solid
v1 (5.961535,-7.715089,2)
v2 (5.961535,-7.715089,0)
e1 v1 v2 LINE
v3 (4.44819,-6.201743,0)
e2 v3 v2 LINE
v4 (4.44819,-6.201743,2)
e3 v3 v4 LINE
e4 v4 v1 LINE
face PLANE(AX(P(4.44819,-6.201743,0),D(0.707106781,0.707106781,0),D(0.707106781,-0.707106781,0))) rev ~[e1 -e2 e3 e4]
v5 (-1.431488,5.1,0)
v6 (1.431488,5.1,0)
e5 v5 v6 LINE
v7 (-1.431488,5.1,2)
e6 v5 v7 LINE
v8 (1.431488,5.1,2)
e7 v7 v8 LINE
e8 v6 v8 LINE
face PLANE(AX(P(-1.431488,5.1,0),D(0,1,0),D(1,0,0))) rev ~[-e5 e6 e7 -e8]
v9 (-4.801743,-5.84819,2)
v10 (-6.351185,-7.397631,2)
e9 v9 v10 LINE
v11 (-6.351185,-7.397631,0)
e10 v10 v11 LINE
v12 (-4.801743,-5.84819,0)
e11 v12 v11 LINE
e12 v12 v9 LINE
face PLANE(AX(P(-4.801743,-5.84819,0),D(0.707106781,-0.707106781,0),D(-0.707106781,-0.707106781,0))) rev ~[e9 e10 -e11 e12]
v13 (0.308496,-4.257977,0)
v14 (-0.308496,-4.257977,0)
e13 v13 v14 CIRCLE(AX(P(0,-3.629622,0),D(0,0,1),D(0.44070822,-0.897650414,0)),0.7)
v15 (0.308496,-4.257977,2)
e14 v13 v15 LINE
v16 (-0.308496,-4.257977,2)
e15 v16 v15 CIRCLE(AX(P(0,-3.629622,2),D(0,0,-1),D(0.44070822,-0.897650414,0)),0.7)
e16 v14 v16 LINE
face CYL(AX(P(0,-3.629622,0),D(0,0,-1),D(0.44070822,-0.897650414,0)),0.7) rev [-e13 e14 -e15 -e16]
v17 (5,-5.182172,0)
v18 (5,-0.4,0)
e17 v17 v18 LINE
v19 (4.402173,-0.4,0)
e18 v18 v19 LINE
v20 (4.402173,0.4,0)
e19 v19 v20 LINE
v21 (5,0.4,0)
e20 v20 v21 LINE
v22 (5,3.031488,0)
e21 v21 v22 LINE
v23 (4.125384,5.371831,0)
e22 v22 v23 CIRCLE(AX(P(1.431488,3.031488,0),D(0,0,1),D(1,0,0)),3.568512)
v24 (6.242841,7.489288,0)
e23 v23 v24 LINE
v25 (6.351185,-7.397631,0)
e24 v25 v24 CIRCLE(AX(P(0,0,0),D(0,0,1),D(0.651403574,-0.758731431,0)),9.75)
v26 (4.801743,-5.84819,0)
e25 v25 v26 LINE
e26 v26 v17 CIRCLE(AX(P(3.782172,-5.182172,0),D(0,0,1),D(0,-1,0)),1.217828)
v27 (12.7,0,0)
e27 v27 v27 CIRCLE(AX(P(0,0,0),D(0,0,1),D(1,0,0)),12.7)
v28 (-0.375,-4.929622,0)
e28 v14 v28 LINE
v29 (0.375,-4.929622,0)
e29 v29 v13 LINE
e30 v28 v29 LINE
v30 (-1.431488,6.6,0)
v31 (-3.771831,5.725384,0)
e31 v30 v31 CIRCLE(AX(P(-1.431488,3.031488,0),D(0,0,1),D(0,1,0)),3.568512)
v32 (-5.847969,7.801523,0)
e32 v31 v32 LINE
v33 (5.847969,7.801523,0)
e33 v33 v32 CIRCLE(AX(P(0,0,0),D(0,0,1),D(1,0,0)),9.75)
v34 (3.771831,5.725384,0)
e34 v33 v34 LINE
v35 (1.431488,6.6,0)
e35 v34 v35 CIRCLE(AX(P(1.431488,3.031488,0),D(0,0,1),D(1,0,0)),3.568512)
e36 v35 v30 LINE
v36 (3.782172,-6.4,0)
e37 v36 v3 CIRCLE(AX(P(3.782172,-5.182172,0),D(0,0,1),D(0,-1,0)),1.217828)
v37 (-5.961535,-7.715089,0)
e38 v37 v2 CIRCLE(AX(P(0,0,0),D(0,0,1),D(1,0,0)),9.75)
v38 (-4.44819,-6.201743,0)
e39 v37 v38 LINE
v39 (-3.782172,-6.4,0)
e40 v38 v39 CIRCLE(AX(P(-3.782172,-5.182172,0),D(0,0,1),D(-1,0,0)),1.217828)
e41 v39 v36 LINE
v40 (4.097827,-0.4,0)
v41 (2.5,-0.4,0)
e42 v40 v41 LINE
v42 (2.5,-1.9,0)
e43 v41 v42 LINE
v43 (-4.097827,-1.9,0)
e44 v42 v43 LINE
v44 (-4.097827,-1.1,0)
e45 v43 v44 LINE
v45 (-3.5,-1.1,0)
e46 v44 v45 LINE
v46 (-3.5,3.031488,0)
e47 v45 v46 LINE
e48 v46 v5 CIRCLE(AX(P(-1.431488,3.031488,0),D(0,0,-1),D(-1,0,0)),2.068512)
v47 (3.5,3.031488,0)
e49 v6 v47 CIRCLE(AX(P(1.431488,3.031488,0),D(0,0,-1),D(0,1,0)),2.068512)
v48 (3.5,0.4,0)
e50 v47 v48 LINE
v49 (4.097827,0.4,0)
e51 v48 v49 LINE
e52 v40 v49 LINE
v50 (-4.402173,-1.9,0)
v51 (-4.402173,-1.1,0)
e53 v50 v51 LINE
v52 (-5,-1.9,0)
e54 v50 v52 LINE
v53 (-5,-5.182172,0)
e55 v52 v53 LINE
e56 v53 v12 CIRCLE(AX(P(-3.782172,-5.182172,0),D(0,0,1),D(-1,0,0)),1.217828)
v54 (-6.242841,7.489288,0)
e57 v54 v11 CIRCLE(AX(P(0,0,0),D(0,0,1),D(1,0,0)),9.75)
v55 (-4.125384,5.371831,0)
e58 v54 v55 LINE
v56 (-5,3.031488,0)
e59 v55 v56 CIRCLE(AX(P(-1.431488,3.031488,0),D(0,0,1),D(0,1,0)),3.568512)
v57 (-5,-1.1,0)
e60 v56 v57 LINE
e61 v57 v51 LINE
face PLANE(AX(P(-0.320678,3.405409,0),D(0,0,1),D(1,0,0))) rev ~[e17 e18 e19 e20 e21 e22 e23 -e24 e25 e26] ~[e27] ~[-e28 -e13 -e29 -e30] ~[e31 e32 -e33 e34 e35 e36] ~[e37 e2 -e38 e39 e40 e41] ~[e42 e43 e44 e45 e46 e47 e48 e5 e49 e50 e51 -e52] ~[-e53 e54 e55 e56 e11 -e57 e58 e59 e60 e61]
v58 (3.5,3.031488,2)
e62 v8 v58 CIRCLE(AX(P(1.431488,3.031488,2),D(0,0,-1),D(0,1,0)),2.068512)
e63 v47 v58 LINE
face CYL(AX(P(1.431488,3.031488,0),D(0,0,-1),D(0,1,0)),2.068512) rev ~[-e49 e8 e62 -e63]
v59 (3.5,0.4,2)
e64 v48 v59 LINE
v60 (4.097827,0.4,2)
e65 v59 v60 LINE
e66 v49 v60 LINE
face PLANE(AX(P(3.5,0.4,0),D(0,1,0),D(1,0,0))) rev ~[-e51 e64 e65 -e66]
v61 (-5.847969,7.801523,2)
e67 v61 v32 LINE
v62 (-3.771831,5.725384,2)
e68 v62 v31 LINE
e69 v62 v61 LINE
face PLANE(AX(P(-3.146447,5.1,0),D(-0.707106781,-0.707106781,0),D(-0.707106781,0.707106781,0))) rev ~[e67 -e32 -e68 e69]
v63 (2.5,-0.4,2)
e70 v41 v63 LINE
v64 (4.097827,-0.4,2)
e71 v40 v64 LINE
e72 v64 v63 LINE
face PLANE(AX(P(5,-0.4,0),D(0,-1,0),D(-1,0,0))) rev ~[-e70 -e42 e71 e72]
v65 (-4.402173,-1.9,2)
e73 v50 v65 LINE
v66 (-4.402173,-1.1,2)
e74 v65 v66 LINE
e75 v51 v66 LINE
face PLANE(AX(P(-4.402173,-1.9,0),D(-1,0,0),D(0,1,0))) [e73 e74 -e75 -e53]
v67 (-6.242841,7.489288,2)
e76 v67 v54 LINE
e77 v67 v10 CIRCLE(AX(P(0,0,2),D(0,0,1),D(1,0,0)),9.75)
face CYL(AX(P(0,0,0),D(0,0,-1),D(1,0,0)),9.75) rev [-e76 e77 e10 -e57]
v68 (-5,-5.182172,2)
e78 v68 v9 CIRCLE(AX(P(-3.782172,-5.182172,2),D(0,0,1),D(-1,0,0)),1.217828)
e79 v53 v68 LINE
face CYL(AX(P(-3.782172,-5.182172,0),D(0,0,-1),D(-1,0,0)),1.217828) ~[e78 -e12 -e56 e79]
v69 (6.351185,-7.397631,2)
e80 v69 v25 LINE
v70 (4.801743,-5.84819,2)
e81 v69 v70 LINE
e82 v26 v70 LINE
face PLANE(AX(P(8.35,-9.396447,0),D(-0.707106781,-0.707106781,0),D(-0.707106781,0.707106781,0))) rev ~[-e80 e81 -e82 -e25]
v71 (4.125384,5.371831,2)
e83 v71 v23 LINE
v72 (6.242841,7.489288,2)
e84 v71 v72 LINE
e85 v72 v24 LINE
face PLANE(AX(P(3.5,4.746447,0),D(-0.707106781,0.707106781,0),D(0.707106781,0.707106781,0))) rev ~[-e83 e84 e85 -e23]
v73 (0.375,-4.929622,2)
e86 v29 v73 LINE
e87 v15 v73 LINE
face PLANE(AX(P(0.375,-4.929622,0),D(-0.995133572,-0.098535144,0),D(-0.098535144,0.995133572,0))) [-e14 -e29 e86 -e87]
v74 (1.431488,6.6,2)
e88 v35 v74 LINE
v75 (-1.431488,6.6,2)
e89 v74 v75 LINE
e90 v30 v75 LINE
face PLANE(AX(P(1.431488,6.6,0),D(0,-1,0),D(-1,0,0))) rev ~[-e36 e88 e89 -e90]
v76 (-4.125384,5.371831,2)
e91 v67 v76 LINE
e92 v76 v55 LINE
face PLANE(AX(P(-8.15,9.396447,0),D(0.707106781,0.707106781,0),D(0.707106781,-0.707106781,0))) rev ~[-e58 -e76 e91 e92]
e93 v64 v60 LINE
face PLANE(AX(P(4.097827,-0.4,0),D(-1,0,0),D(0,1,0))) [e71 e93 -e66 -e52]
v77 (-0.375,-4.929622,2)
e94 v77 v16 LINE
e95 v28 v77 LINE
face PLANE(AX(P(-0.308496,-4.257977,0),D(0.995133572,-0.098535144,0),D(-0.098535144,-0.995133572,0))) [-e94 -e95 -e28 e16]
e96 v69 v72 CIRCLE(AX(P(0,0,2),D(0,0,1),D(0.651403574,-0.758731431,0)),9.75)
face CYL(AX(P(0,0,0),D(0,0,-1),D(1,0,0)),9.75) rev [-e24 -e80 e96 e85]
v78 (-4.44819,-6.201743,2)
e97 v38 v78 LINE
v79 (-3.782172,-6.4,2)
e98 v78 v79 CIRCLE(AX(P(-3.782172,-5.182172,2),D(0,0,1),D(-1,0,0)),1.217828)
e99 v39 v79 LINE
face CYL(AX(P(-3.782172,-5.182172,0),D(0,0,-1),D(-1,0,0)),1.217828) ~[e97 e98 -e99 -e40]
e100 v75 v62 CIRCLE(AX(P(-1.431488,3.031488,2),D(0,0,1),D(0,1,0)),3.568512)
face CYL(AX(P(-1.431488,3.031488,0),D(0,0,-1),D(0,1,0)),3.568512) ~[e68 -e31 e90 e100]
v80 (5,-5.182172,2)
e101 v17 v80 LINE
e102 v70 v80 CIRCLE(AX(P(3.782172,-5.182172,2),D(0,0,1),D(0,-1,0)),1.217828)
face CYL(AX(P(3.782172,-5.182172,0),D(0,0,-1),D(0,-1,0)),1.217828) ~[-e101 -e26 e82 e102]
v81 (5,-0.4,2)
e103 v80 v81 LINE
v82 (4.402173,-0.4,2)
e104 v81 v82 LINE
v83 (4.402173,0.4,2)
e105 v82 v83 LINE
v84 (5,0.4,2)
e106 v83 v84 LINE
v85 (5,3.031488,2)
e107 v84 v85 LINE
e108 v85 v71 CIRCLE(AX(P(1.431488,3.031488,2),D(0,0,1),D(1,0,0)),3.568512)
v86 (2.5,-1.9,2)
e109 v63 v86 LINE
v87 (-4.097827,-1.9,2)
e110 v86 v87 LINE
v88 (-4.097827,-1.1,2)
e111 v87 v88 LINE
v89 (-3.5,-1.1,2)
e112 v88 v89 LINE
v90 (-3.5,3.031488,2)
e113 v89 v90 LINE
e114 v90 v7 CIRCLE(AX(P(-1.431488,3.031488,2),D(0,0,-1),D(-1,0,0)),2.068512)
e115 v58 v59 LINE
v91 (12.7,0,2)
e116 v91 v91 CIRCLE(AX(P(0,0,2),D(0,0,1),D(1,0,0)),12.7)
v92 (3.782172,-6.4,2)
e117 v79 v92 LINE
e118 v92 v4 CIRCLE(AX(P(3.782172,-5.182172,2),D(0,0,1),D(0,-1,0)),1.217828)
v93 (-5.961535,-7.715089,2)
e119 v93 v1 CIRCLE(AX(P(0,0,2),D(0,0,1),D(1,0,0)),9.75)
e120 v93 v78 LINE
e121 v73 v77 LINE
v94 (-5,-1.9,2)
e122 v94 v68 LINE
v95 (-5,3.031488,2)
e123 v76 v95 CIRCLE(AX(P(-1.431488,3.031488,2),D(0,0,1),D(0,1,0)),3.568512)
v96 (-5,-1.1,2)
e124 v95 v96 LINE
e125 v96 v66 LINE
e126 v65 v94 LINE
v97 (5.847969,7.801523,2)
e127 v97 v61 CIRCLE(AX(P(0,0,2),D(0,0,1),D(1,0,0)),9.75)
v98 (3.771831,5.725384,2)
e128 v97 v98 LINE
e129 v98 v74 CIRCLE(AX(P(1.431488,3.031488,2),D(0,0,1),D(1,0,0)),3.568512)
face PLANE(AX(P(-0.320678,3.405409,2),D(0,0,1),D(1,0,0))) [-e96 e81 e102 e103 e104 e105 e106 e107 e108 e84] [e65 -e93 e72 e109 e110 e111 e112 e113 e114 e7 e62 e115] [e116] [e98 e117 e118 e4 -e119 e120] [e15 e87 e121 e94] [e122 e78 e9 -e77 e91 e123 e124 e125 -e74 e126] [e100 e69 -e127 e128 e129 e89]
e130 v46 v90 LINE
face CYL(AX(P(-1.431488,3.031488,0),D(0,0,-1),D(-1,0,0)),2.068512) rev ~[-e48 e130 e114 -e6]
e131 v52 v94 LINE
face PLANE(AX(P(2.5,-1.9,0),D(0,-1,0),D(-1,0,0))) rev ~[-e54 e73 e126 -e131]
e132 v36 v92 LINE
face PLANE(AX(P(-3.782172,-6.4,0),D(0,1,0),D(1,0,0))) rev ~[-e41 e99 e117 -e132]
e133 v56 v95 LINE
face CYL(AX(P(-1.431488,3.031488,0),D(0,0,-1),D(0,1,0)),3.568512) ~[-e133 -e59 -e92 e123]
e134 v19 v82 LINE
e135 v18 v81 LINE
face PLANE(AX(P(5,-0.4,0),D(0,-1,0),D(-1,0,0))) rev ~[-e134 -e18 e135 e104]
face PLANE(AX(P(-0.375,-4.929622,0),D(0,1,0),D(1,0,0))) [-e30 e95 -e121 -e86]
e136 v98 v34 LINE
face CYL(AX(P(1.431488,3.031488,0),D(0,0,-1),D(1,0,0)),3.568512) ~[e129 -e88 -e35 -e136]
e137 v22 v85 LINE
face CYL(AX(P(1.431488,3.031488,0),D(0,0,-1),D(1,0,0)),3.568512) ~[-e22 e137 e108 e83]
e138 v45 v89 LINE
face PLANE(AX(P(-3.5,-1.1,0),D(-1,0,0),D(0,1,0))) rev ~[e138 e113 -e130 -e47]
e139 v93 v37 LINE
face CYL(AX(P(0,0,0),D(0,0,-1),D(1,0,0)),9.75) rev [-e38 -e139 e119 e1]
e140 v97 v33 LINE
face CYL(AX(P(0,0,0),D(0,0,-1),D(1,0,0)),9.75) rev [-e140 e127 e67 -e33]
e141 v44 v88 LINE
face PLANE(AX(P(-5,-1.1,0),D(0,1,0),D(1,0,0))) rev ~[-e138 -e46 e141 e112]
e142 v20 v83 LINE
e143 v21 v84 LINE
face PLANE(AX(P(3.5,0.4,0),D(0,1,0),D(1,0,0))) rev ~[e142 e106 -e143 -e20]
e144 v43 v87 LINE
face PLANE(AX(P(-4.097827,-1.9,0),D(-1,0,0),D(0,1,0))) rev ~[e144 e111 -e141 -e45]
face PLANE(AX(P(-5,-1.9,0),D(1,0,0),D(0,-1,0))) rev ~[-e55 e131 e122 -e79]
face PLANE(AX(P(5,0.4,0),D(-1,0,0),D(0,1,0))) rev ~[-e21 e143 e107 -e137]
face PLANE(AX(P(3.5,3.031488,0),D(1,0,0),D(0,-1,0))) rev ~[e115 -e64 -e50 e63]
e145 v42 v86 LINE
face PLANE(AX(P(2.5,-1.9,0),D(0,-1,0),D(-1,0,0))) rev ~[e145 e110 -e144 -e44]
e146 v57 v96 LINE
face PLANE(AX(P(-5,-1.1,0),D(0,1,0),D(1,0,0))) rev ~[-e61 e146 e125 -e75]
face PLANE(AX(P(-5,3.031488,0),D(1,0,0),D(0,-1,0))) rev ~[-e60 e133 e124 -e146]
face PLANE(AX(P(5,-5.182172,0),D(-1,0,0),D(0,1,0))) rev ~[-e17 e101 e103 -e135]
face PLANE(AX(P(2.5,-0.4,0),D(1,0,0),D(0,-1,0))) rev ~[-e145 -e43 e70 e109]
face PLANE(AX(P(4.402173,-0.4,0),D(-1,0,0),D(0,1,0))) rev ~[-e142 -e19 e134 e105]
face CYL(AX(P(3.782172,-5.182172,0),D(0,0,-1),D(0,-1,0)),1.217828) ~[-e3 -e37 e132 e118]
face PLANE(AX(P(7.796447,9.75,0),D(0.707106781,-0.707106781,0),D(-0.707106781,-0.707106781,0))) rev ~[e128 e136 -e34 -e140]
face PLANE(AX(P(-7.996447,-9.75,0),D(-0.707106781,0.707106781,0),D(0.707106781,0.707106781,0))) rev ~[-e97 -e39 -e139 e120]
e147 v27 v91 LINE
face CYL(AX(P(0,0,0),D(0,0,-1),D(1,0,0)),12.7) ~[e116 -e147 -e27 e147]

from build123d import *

# Parameters (mm, degrees)
F1_R     = 12.7
F1_R_2   = 9.75
F5_DEPTH = 2
F6_DEPTH = 2
F7_DEPTH = 2
F8_DEPTH = 25
F4_W     = 0.3043464422
F4_H     = 0.8
F9_DEPTH = 2


with BuildPart() as f5:
    # F1 (on Top) → F5 (new body)
    with BuildSketch(Plane.XY):
        Circle(F1_R)
        Circle(F1_R_2, mode=Mode.SUBTRACT)
    extrude(amount=F5_DEPTH)

    # F4 (on Top) → F6 (join)
    with BuildSketch(Plane.XY):
        Polygon((-7.7964466094, 9.75), (-8.15, 9.3964466094), (-3.5, 4.7464466094), (-3.1464466094, 5.1), align=None)
        Polygon((8.15, 9.3964466094), (7.7964466094, 9.75), (3.1464466094, 5.1), (3.5, 4.7464466094), align=None)
        Polygon((-4.4481897266, -6.2017431172), (-4.8017431172, -5.8481897266), (-8.35, -9.3964466094), (-7.9964466094, -9.75), align=None)
        Polygon((4.4481897266, -6.2017431172), (7.9964466094, -9.75), (8.35, -9.3964466094), (4.8017431172, -5.8481897266), align=None)
    extrude(amount=F6_DEPTH)

    # F2 (on Top) → F7 (join)
    with BuildSketch(Plane.XY):
        with BuildLine():
            Line((-5, 3.0314881282), (-5, -1.1))
            Line((-5, -1.1), (-3.5, -1.1))
            Line((-3.5, -1.1), (-3.5, 3.0314881282))
            ThreePointArc((-3.5, 3.0314881282), (-2.8941468997, 4.4941468997), (-1.4314881282, 5.1))
            Line((-1.4314881282, 5.1), (1.4314881282, 5.1))
            ThreePointArc((1.4314881282, 5.1), (2.8941468997, 4.4941468997), (3.5, 3.0314881282))
            Line((3.5, 3.0314881282), (3.5, 0.4))
            Line((3.5, 0.4), (5, 0.4))
            Line((5, 0.4), (5, 3.0314881282))
            ThreePointArc((5, 3.0314881282), (3.9548070715, 5.5548070715), (1.4314881282, 6.6))
            Line((1.4314881282, 6.6), (-1.4314881282, 6.6))
            ThreePointArc((-1.4314881282, 6.6), (-3.9548070715, 5.5548070715), (-5, 3.0314881282))
        make_face()
        with BuildLine():
            ThreePointArc((-5, -5.1821718265), (-4.6433063863, -6.0433063863), (-3.7821718265, -6.4))
            Line((-3.7821718265, -6.4), (3.7821718265, -6.4))
            ThreePointArc((3.7821718265, -6.4), (4.6433063863, -6.0433063863), (5, -5.1821718265))
            Line((5, -5.1821718265), (5, -0.4))
            Line((5, -0.4), (2.5, -0.4))
            Line((2.5, -0.4), (2.5, -1.9))
            Line((2.5, -1.9), (-5, -1.9))
            Line((-5, -1.9), (-5, -5.1821718265))
        make_face()
    extrude(amount=F7_DEPTH)

    # F3 (on Top) → F8 (cut)
    with BuildSketch(Plane.XY):
        with BuildLine():
            Line((-0.3084957538, -4.2579772983), (-0.375, -4.9296220087))
            Line((-0.375, -4.9296220087), (0.375, -4.9296220087))
            Line((0.375, -4.9296220087), (0.3084957538, -4.2579772983))
            ThreePointArc((0.3084957538, -4.2579772983), (0, -2.9296220087), (-0.3084957538, -4.2579772983))
        make_face()
    extrude(amount=F8_DEPTH, mode=Mode.SUBTRACT)

    # F4 (on Top) → F9 (join)
    with BuildSketch(Plane.XY):
        with Locations((-4.25, -1.5)):
            Rectangle(F4_W, F4_H)
        with Locations((4.25, 0)):
            Rectangle(F4_W, F4_H)
    extrude(amount=F9_DEPTH)


solid = f5.part
